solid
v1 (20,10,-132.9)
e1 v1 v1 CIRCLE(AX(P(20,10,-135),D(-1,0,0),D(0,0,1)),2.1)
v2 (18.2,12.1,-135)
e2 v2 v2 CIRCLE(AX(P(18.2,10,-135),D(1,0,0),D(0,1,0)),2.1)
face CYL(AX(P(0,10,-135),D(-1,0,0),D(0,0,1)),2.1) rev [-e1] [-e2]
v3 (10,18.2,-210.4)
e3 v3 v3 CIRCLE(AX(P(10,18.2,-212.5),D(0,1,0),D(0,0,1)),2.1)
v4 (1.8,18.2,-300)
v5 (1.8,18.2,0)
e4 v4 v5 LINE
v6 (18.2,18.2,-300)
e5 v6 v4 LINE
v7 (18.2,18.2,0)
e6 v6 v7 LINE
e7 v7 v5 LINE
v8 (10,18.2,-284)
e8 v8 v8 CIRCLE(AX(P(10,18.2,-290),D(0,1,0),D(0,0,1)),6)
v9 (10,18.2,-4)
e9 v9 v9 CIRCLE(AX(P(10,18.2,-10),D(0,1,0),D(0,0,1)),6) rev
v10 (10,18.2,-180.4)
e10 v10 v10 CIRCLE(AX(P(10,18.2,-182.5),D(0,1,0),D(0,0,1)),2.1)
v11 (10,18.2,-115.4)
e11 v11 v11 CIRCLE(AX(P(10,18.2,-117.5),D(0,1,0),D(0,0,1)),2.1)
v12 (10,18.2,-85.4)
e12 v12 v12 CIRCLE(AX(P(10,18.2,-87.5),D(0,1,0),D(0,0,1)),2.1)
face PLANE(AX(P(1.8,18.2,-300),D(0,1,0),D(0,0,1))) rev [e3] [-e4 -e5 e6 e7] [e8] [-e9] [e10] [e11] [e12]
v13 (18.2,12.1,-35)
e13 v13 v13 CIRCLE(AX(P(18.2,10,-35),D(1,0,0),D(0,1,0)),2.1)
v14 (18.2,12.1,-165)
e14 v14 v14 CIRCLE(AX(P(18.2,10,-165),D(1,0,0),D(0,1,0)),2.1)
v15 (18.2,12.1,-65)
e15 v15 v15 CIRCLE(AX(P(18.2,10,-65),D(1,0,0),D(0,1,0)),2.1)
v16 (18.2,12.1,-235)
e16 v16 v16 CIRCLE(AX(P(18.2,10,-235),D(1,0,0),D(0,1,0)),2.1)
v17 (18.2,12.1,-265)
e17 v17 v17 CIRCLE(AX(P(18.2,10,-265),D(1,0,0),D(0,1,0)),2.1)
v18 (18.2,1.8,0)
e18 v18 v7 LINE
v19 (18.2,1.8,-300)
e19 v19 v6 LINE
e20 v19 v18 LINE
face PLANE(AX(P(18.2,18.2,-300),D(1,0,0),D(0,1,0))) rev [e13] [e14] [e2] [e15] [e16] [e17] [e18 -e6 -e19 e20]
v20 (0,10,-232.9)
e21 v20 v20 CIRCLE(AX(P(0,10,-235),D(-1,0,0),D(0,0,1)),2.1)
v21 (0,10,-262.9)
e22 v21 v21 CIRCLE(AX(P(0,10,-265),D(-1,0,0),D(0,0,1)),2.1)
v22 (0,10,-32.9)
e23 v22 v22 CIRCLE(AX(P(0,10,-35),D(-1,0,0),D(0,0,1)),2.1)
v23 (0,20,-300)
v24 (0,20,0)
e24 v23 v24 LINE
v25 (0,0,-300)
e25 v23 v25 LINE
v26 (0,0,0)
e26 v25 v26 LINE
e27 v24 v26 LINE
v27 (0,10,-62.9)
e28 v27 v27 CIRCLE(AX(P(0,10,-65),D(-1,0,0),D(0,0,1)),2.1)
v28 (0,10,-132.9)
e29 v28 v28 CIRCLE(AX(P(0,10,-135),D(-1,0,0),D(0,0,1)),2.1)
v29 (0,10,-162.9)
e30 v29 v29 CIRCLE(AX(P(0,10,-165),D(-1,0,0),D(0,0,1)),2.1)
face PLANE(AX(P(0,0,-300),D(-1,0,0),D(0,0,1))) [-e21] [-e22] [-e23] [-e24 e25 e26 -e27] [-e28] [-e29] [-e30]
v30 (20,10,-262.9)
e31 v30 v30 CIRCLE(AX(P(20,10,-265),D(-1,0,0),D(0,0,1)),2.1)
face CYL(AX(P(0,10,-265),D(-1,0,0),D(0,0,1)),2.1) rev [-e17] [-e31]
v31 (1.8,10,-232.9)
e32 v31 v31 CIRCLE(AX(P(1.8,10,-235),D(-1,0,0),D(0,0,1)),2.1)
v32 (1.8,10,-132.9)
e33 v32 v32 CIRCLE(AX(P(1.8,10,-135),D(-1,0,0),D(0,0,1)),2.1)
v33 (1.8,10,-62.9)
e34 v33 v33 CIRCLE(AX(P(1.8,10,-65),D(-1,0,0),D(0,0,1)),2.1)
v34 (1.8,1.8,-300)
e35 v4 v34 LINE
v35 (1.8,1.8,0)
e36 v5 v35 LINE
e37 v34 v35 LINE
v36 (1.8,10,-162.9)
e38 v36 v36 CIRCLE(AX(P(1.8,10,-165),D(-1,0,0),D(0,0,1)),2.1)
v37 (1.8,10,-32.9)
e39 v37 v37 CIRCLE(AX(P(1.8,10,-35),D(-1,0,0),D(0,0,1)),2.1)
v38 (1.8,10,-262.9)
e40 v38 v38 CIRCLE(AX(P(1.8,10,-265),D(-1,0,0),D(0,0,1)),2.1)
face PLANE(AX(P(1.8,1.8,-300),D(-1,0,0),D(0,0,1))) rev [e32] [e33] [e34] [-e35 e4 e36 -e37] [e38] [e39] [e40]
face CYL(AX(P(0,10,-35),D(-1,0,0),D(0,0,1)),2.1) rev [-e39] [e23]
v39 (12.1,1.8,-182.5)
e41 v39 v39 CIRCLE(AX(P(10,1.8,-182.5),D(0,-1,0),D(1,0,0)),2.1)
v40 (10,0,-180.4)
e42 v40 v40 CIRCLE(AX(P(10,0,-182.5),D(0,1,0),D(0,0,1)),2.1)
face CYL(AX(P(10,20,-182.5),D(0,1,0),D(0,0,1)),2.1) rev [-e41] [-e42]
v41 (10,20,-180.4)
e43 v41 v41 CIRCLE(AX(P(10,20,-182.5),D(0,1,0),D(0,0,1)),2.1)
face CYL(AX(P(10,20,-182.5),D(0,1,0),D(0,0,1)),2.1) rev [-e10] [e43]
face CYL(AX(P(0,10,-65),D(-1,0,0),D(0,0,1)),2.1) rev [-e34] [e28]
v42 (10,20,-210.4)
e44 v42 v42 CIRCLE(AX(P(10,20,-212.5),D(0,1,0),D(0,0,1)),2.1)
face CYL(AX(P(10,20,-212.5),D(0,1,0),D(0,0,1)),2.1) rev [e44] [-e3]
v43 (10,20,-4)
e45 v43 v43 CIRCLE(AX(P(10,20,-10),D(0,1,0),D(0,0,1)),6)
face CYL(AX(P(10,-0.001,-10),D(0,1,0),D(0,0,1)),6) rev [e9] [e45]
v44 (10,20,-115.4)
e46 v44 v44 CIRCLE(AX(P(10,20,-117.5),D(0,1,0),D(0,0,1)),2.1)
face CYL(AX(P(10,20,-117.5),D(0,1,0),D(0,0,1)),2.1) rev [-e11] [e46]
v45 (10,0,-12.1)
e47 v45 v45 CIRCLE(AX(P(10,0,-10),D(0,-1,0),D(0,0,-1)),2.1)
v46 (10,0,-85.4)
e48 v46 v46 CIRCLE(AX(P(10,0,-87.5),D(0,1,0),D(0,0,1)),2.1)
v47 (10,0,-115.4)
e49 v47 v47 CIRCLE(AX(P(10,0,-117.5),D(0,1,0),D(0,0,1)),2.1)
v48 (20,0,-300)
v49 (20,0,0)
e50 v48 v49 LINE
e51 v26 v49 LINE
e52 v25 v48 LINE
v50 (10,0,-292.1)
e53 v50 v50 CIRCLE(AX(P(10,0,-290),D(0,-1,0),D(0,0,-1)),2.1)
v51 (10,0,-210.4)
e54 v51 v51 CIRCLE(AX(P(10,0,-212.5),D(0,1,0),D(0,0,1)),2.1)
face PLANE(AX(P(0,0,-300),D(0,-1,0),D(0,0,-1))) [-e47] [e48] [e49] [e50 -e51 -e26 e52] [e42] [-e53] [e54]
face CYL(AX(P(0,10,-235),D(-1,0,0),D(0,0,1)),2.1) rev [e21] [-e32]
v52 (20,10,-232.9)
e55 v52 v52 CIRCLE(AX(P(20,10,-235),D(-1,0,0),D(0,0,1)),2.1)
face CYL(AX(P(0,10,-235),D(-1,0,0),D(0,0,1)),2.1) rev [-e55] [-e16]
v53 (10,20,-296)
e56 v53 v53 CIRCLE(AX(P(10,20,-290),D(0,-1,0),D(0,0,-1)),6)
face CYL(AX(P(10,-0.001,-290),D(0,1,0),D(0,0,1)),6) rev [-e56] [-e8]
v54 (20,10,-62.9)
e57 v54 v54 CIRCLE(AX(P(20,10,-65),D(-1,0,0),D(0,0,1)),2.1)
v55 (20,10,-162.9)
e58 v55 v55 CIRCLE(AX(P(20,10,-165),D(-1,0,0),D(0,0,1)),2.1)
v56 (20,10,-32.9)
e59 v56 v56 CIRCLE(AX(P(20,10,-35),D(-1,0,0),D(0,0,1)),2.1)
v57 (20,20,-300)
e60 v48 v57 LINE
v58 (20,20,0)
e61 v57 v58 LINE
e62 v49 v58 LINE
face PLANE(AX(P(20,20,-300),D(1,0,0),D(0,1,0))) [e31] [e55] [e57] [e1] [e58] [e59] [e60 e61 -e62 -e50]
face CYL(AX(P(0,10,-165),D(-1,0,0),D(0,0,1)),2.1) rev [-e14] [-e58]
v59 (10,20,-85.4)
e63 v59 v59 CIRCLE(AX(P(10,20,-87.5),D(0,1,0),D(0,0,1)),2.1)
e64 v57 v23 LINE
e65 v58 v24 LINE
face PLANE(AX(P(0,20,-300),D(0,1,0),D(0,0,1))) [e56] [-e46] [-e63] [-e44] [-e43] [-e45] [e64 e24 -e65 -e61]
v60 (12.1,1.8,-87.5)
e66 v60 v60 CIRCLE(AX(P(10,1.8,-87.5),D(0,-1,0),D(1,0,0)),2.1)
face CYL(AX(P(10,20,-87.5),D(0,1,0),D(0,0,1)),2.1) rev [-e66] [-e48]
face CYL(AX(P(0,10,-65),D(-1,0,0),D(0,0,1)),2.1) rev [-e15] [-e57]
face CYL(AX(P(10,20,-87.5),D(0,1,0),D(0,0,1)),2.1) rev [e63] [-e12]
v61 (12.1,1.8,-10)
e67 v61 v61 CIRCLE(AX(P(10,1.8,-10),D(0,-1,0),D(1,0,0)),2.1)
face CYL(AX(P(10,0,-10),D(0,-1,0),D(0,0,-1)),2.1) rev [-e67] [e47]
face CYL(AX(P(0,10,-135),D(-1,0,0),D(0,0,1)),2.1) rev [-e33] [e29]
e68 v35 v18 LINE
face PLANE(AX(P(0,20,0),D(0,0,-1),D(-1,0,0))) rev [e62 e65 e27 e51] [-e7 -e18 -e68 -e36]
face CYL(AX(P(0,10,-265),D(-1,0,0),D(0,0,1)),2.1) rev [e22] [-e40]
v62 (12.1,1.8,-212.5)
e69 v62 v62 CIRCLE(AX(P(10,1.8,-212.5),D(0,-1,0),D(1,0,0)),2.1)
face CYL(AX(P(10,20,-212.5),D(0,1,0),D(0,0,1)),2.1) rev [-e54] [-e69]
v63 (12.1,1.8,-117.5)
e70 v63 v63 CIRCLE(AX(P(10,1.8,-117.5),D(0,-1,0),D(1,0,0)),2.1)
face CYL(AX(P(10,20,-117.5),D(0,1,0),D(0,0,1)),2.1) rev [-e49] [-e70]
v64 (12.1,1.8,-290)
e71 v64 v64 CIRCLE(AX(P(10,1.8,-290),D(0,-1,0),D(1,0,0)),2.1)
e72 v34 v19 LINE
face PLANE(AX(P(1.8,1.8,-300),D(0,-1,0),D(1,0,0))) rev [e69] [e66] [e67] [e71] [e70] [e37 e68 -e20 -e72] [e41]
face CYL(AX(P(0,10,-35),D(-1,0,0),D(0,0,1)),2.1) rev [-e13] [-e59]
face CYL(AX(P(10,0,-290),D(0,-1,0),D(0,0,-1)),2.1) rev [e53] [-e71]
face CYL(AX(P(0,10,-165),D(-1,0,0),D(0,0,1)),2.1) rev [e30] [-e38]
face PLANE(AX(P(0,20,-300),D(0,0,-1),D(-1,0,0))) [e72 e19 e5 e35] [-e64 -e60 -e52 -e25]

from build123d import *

# Parameters (mm, degrees)
SKETCH_3_W              = 20
SKETCH_3_H              = 20
SKETCH_3_W_2            = 16.4
SKETCH_3_H_2            = 16.4
EXTRUDE_1_DEPTH         = 300
HOLE_WIZARD_4_2_4_2_1_D = 4.2
HOLE_WIZARD_4_2_4_2_2_D = 4.2
HOLE_WIZARD_4_2_4_2_3_D = 4.2
CUT_EXTRUDE_1_REACH     = 303.33
SKETCH_10_R             = 6
HOLE_WIZARD_4_2_4_2_4_D = 4.2


with BuildPart() as part:
    # 草图3 → 凸台-拉伸1 (new body)
    with BuildSketch(Plane.XY):
        with Locations((10, 10)):
            Rectangle(SKETCH_3_W, SKETCH_3_H)
        with Locations((10, 10)):
            Rectangle(SKETCH_3_W_2, SKETCH_3_H_2, mode=Mode.SUBTRACT)
    extrude(amount=-EXTRUDE_1_DEPTH)

    # Ø4.2 (4.2) 直径孔1 (through all)
    with Locations(Plane(origin=(10, 20, -182.5), x_dir=(0, 0, 1), z_dir=(0, 1, 0))):
        with Locations((0, 0), (-30, 0)):
            hole_wizard_4_2_4_2_1 = Hole(HOLE_WIZARD_4_2_4_2_1_D / 2)

    # 镜向1: Ø4.2 (4.2) 直径孔1 across plane
    add(hole_wizard_4_2_4_2_1.mirror(Plane.XY.offset(-150)), mode=Mode.SUBTRACT)

    # Ø4.2 (4.2) 直径孔2 (through all)
    with Locations(Plane(origin=(0, 10, -35), x_dir=(0, 0, -1), z_dir=(-1, 0, 0))):
        with Locations((0, 0), (30, 0)):
            hole_wizard_4_2_4_2_2 = Hole(HOLE_WIZARD_4_2_4_2_2_D / 2)

    # 镜向2: Ø4.2 (4.2) 直径孔2 across plane
    add(hole_wizard_4_2_4_2_2.mirror(Plane.XY.offset(-150)), mode=Mode.SUBTRACT)

    # Ø4.2 (4.2) 直径孔3 (through all)
    with Locations(Plane(origin=(0, 10, -165), x_dir=(0, 0, -1), z_dir=(-1, 0, 0))):
        with Locations((0, 0), (-30, 0)):
            Hole(HOLE_WIZARD_4_2_4_2_3_D / 2)

    # 草图10 → 切除-拉伸1 (cut, up to next)
    with BuildSketch(Plane(origin=(0, 20, 0), x_dir=(1, 0, 0), z_dir=(0, 1, 0)), mode=Mode.PRIVATE) as cut_extrude_1_sk1:
        with Locations(Location((10, 10, 0), (0, 0, 270))):
            Circle(SKETCH_10_R)
    cut_extrude_1_tool1 = extrude(cut_extrude_1_sk1.sketch, amount=-CUT_EXTRUDE_1_REACH, mode=Mode.PRIVATE) & part.part
    cut_extrude_1 = cut_extrude_1_tool1.solids().sort_by_distance((10, 20, -10))[0]
    add(cut_extrude_1, mode=Mode.SUBTRACT)

    # 镜向3: 切除-拉伸1 across plane
    add(cut_extrude_1.mirror(Plane.XY.offset(-150)), mode=Mode.SUBTRACT)

    # Ø4.2 (4.2) 直径孔4 (through all)
    with Locations(Plane(origin=(10, 0, -10), x_dir=(0, 0, -1), z_dir=(0, -1, 0))):
        with Locations((0, 0), (280, 0)):
            Hole(HOLE_WIZARD_4_2_4_2_4_D / 2)


solid = part.part
